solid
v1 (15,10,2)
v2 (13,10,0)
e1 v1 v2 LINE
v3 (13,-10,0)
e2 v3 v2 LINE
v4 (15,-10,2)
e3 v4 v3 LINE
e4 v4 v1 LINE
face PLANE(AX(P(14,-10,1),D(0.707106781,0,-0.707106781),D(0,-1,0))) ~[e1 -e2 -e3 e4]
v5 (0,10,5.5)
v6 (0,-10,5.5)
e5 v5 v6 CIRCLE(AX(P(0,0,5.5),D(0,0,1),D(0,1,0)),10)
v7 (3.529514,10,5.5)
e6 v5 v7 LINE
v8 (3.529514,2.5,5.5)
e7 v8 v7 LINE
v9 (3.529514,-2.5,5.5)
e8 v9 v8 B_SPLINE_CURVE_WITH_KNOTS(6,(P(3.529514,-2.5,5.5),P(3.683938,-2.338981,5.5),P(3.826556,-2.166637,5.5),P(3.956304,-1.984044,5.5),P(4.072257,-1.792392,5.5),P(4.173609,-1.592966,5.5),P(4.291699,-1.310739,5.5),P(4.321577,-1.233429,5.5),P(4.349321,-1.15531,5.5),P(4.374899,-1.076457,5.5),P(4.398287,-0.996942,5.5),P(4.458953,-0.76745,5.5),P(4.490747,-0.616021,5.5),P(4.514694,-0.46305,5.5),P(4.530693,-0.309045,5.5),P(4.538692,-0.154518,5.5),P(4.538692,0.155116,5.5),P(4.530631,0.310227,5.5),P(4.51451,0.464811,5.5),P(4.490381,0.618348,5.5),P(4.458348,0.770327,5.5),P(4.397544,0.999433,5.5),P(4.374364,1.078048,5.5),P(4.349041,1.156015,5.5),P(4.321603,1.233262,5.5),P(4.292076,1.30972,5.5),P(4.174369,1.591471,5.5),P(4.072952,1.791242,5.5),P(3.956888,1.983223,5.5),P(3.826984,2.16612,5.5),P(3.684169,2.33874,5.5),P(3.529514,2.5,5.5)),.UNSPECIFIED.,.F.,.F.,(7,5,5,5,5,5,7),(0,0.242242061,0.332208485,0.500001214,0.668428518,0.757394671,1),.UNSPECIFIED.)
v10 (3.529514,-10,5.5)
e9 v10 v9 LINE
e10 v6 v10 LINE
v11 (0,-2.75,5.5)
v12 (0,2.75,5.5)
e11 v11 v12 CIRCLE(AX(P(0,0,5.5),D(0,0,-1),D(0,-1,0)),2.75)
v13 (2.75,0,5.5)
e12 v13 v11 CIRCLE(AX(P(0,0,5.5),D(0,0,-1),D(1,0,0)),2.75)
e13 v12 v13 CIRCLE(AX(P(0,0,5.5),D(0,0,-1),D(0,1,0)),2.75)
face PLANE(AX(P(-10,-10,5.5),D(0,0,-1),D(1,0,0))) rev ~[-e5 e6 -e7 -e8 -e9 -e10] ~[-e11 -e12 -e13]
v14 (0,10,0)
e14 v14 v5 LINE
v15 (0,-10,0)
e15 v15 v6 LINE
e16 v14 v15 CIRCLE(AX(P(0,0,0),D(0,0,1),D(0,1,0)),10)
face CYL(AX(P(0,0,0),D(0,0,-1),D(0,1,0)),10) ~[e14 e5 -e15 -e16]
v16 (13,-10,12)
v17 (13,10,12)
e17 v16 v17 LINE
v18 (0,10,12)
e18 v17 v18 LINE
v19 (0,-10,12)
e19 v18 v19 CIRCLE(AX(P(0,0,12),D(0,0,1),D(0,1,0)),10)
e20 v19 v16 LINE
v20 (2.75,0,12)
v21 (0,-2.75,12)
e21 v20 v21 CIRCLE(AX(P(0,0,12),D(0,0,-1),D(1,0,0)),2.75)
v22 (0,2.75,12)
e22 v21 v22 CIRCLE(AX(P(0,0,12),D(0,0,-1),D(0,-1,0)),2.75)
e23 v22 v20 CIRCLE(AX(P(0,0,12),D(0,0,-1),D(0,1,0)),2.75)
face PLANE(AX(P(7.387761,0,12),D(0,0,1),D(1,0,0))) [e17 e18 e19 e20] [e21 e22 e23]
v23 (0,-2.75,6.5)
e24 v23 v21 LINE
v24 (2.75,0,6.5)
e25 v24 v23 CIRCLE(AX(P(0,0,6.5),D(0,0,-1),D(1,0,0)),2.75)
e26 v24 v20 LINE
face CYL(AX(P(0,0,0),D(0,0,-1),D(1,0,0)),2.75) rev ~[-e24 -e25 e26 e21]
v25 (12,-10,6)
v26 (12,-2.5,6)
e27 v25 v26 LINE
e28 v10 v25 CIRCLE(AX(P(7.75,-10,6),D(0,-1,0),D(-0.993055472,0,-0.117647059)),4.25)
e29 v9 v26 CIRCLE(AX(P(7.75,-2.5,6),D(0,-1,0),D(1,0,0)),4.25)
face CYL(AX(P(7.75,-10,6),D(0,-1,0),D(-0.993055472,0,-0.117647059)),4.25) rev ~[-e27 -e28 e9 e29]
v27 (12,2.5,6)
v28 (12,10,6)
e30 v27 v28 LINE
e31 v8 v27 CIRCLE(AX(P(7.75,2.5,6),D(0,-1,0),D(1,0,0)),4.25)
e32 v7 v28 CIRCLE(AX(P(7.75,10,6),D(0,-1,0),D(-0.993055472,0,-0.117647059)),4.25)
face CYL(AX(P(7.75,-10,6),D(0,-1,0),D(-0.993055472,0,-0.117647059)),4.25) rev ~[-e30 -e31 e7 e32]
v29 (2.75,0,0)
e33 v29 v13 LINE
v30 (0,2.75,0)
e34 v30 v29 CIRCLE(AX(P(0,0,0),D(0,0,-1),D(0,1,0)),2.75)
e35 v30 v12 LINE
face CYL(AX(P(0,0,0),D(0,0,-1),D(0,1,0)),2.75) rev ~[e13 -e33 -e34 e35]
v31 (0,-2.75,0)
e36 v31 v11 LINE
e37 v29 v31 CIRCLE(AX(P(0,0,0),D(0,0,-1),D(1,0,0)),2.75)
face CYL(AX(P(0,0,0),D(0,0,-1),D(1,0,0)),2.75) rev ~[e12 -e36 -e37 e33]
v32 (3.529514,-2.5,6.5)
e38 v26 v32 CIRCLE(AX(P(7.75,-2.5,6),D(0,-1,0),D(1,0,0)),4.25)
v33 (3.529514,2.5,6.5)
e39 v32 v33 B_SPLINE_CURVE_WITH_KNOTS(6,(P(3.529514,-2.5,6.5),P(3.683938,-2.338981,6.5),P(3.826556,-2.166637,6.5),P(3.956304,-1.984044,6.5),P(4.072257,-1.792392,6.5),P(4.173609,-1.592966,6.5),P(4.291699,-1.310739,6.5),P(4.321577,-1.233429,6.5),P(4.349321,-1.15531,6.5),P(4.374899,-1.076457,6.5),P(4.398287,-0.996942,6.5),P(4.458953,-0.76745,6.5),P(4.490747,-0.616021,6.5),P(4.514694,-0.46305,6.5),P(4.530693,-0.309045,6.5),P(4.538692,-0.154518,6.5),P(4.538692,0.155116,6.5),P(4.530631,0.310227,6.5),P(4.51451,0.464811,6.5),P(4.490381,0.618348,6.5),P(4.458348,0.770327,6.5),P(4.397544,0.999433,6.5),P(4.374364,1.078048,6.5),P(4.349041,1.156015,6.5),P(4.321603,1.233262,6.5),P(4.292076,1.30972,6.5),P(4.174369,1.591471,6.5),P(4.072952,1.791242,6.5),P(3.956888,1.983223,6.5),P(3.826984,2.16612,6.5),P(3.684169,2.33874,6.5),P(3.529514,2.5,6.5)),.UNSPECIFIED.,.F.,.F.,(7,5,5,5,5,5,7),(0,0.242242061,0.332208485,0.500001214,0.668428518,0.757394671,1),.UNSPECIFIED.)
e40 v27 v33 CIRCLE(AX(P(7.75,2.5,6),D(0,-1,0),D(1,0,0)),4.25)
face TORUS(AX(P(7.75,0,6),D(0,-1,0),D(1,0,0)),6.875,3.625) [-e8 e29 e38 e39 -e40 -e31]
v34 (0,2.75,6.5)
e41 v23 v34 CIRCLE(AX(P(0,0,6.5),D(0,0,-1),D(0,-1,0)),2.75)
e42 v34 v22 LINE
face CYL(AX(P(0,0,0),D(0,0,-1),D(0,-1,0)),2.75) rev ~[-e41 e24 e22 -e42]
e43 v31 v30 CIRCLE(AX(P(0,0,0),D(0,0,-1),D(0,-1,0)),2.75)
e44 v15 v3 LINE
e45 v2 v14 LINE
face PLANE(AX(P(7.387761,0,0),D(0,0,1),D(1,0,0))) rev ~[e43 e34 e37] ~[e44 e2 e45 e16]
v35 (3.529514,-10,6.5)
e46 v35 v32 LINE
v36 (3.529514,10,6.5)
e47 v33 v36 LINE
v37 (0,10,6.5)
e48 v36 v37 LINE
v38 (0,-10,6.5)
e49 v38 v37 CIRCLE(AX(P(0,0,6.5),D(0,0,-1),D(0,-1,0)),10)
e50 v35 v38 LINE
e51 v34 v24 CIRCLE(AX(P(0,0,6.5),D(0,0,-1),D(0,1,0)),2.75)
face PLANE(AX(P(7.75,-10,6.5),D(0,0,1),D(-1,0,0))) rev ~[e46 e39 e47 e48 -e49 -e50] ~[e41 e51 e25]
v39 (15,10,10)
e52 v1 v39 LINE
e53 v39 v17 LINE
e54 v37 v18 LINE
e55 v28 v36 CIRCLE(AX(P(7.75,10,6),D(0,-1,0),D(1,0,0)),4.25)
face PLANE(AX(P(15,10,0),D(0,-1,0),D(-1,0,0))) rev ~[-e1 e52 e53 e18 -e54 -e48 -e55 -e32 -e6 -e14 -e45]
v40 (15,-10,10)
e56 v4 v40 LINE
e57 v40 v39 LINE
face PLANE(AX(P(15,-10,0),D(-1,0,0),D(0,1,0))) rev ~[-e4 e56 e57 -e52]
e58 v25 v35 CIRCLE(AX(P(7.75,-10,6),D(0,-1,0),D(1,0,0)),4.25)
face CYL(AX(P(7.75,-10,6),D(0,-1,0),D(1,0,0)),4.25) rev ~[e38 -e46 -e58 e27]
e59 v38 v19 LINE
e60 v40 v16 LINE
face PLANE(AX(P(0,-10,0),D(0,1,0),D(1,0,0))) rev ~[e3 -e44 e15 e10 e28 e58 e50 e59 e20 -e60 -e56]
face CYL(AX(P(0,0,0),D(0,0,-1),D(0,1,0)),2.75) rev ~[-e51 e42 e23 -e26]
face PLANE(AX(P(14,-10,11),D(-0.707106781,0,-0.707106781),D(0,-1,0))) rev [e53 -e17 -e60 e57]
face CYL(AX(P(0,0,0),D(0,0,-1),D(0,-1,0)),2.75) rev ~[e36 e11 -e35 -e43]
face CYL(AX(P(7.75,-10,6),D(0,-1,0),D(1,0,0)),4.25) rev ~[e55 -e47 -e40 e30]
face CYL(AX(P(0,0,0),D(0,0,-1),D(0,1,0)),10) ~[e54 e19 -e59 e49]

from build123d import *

# Parameters (mm, degrees)
F1_DEPTH = 12
F3_DEPTH = 20.001
F4_SIZE  = 2
F2_W     = 10
F2_H     = 1
F9_DEPTH = 25


with BuildPart() as f1:
    # F0 (on Top) → F1 (new body)
    with BuildSketch(Plane.XY):
        with BuildLine():
            Line((15, 10), (0, 10))
            Line((0, 10), (0, 2.75))
            ThreePointArc((0, 2.75), (1.9445436483, 1.9445436483), (2.75, 0))
            ThreePointArc((2.75, 0), (1.9445436483, -1.9445436483), (0, -2.75))
            Line((0, -2.75), (0, -10))
            Line((0, -10), (15, -10))
            Line((15, -10), (15, 10))
        make_face()
        with BuildLine():
            Line((0, 2.75), (0, 10))
            ThreePointArc((0, 10), (-10, 0), (0, -10))
            Line((0, -10), (0, -2.75))
            ThreePointArc((0, -2.75), (-2.75, 0), (0, 2.75))
        make_face()
    extrude(amount=F1_DEPTH)

    # F2 (on face) → F3 (cut, through all)
    with BuildSketch(Plane.XZ.offset(10)):
        with BuildLine():
            Line((7.75, 6.5), (7.75, 5.5))
            Line((7.75, 5.5), (3.529514246, 5.5))
            ThreePointArc((3.529514246, 5.5), (8.0004351666, 1.7573849777), (12, 6))
            ThreePointArc((12, 6), (8.0004351666, 10.2426150223), (3.529514246, 6.5))
            Line((3.529514246, 6.5), (7.75, 6.5))
        make_face()
        with BuildLine():
            Line((3.529514246, 5.5), (7.75, 5.5))
            Line((7.75, 5.5), (7.75, 6.5))
            Line((7.75, 6.5), (3.529514246, 6.5))
            ThreePointArc((3.529514246, 6.5), (3.5, 6), (3.529514246, 5.5))
        make_face()
    extrude(amount=-F3_DEPTH, mode=Mode.SUBTRACT)

    # F4
    f4_edges = [f1.edges().sort_by_distance(p)[0] for p in [
        (15, 0, 0),
        (15, 0, 12),
    ]]
    chamfer(f4_edges, length=F4_SIZE)

    # F8: sweep along a path in F7
    with BuildLine(Plane.XZ) as f8_path:
        CenterArc((7.75, 6), 4.25, 0, 360)
    # F6 (on mid) → F8 (sweep)
    with BuildSketch(Plane.XY.offset(6)):
        with BuildLine():
            Line((3.5, 2.5), (3.5, -2.5))
            ThreePointArc((3.5, -2.5), (4.5, 0), (3.5, 2.5))
        make_face()
    sweep(path=f8_path.line)

    # F2 (on face) → F9 (cut)
    with BuildSketch(Plane.XZ.offset(10)):
        with BuildLine():
            Line((3.529514246, 5.5), (7.75, 5.5))
            Line((7.75, 5.5), (7.75, 6.5))
            Line((7.75, 6.5), (3.529514246, 6.5))
            ThreePointArc((3.529514246, 6.5), (3.5, 6), (3.529514246, 5.5))
        make_face()
        with BuildLine():
            Line((0, 5.5), (3.529514246, 5.5))
            ThreePointArc((3.529514246, 5.5), (3.5, 6), (3.529514246, 6.5))
            Line((3.529514246, 6.5), (0, 6.5))
            Line((0, 6.5), (0, 5.5))
        make_face()
        with Locations((-5, 6)):
            Rectangle(F2_W, F2_H)
    extrude(amount=-F9_DEPTH, mode=Mode.SUBTRACT)


solid = f1.part
